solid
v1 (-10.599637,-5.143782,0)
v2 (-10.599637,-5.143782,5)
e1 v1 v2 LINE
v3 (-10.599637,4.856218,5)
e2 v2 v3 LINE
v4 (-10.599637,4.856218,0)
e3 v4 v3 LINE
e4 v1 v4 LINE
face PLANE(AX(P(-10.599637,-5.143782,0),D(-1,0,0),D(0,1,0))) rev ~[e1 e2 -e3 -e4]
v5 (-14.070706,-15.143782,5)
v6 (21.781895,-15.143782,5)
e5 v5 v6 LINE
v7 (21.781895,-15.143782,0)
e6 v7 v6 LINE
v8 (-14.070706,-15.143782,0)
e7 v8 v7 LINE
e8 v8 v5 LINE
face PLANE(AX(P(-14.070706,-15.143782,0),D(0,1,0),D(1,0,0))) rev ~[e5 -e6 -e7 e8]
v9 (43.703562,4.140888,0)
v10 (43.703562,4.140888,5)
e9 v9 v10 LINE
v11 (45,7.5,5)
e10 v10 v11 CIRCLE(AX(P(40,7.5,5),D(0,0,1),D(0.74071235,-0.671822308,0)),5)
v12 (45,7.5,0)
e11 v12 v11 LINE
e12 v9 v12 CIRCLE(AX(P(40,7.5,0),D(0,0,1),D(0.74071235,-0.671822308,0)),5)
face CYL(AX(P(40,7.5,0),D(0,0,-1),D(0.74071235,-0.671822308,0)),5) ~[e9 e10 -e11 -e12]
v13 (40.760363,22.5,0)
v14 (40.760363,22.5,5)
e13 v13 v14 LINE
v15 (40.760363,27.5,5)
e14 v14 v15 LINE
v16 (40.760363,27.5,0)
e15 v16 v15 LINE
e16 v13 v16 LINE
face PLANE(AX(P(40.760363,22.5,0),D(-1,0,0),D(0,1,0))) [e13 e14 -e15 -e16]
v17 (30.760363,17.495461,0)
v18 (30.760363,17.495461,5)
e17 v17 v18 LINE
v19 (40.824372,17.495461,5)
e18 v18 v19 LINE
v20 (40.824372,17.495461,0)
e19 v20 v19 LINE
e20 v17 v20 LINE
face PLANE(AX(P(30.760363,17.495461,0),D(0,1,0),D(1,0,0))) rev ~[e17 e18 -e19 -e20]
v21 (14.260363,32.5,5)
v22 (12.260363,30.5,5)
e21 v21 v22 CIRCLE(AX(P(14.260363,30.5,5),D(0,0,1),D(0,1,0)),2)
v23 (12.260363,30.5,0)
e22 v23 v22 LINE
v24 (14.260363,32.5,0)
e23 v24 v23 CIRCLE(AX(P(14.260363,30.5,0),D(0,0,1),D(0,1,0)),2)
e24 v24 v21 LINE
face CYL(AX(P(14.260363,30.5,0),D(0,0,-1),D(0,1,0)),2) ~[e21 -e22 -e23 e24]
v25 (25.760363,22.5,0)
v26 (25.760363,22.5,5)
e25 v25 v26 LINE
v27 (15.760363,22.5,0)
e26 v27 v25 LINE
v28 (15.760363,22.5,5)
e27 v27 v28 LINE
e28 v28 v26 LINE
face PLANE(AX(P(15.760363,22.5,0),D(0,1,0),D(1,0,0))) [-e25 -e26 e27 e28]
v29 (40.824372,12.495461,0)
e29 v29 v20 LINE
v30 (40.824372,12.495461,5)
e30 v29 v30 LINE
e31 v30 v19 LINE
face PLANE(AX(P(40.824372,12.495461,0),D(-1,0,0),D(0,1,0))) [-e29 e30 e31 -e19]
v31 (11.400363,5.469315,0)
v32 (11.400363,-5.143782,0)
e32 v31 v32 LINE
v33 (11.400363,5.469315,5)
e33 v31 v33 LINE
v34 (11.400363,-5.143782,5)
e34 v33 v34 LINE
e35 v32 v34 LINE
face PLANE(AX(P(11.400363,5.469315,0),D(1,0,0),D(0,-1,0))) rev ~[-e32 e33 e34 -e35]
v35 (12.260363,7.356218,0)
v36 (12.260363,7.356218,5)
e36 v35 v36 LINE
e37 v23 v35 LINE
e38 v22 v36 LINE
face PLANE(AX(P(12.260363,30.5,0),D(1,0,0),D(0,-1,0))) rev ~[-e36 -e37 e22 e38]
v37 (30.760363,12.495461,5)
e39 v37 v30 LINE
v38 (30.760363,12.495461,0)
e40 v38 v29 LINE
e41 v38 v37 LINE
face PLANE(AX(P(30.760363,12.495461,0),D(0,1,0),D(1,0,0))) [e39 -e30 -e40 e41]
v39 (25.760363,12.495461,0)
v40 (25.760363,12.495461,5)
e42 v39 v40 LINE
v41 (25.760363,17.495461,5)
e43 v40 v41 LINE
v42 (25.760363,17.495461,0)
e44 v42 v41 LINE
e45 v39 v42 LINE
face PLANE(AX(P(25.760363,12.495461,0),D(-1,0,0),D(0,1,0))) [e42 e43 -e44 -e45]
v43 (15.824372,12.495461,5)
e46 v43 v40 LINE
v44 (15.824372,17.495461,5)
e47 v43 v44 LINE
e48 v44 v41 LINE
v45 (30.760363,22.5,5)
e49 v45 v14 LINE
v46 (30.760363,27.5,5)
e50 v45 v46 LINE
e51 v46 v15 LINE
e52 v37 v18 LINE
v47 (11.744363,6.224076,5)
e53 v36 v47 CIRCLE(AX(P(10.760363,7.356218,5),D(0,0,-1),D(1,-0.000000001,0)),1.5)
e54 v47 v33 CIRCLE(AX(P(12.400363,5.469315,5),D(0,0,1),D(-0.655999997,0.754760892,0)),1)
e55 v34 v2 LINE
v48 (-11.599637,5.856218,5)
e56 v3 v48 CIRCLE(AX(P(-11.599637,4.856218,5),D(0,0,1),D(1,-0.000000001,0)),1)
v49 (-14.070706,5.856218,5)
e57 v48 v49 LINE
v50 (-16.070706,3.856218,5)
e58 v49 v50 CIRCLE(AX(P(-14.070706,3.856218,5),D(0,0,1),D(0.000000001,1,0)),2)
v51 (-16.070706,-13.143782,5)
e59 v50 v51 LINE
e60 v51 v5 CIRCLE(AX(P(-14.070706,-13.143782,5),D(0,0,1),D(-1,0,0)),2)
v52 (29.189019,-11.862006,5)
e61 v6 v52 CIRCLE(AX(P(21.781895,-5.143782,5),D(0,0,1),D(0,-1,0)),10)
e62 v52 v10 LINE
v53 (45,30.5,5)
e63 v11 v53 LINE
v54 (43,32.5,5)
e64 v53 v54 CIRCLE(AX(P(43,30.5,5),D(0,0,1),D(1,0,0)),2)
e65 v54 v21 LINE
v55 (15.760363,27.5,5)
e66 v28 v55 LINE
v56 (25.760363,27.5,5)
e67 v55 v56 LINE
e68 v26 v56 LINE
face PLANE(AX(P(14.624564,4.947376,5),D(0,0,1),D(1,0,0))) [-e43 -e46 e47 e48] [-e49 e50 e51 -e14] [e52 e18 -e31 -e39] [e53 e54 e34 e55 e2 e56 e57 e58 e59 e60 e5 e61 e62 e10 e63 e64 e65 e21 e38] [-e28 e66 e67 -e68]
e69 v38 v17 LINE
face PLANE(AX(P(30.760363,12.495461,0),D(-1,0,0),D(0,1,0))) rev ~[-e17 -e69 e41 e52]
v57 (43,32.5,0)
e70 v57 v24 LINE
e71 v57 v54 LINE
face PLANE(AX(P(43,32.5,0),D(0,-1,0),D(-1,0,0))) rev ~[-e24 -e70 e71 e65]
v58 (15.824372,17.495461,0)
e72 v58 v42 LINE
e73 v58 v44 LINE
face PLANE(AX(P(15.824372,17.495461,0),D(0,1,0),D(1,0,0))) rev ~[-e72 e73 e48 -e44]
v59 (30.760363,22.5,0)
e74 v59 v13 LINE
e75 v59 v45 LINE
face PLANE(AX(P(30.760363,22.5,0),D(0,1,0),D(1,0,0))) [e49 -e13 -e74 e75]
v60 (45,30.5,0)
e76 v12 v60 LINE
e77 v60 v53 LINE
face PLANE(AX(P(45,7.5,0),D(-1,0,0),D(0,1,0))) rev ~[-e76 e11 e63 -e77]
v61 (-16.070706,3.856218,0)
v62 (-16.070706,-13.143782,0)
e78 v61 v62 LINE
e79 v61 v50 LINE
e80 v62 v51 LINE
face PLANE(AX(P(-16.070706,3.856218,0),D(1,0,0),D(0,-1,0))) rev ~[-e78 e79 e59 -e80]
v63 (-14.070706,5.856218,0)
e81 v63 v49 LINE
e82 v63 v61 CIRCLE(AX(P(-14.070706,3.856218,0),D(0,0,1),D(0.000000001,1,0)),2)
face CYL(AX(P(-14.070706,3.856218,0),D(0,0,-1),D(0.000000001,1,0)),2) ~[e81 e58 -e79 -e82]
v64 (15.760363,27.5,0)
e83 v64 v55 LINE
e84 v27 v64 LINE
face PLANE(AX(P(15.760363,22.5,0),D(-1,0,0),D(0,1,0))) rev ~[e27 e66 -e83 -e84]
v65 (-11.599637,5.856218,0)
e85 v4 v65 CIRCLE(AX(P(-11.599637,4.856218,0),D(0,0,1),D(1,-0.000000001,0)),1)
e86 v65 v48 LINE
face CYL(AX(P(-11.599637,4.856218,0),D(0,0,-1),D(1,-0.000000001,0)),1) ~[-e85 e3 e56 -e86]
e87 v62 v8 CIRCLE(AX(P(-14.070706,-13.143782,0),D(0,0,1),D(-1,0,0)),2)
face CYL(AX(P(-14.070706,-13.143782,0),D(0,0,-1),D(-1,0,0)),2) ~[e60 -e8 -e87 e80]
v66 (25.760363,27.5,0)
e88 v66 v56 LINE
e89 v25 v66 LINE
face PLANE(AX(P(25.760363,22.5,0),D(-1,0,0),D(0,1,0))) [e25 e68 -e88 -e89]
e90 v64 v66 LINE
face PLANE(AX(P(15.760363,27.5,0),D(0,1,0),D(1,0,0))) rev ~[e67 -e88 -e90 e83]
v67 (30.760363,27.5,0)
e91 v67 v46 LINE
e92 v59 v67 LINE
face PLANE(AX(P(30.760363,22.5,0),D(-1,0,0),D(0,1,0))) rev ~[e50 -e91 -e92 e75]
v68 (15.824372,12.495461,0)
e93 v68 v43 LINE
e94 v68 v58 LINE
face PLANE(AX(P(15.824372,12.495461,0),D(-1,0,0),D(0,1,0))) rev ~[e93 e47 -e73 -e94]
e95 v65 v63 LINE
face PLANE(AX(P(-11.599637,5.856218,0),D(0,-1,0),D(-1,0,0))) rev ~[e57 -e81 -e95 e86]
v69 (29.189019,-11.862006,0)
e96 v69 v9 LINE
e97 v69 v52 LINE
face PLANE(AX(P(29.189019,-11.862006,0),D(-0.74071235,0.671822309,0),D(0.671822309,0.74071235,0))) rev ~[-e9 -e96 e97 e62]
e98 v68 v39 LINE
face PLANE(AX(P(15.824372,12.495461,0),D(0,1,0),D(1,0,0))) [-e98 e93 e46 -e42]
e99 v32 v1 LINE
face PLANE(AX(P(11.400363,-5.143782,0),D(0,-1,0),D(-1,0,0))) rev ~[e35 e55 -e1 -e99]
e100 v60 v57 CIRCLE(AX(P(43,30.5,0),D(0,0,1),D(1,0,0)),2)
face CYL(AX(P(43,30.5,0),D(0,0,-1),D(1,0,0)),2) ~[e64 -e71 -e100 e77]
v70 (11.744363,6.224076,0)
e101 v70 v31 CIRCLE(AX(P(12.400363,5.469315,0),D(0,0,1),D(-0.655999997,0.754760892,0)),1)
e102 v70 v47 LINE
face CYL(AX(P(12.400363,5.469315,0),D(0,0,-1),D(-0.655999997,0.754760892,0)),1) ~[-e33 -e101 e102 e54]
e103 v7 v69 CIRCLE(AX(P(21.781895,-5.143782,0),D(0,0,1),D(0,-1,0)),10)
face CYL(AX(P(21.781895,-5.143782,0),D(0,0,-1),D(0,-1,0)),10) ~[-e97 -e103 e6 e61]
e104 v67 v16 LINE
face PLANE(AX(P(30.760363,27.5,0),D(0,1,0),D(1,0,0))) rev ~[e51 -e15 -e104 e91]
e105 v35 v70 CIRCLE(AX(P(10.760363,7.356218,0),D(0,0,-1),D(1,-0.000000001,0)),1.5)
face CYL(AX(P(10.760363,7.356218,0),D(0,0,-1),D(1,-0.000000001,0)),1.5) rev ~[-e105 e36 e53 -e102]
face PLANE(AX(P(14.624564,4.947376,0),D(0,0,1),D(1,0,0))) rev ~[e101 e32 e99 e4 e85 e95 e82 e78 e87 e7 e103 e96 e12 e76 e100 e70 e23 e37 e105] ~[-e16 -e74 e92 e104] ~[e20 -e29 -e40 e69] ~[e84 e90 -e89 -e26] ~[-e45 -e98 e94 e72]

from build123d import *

# Parameters (mm, degrees)
SKETCH1_W           = 10
SKETCH1_H           = 5
SKETCH1_W_2         = 9.935990319
SKETCH1_W_3         = 10.064009681
BOSS_EXTRUDE1_DEPTH = 5


with BuildPart() as part:
    # Sketch1 → Boss-Extrude1 (new body)
    with BuildSketch(Plane.XY):
        with BuildLine():
            Line((44.999999787, 7.5), (44.999999787, 30.5))
            ThreePointArc((44.999999787, 30.5), (44.41421335, 31.914213562), (42.999999787, 32.5))
            Line((42.999999787, 32.5), (14.260362516, 32.5))
            ThreePointArc((14.260362516, 32.5), (12.846148953, 31.914213562), (12.260362516, 30.5))
            Line((12.260362516, 30.5), (12.260362516, 7.356217509))
            ThreePointArc((12.260362516, 7.356217509), (12.125280096, 6.734124269), (11.744362516, 6.224076175))
            ThreePointArc((11.744362516, 6.224076175), (11.490417462, 5.884044113), (11.400362516, 5.469315286))
            Line((11.400362516, 5.469315286), (11.400362516, -5.143782491))
            Line((11.400362516, -5.143782491), (-10.599637484, -5.143782491))
            Line((-10.599637484, -5.143782491), (-10.599637484, 4.856217509))
            ThreePointArc((-10.599637484, 4.856217509), (-10.892530703, 5.563324291), (-11.599637484, 5.856217509))
            Line((-11.599637484, 5.856217509), (-14.070705683, 5.856217509))
            ThreePointArc((-14.070705683, 5.856217509), (-15.484919246, 5.270431072), (-16.070705683, 3.856217509))
            Line((-16.070705683, 3.856217509), (-16.070705683, -13.143782491))
            ThreePointArc((-16.070705683, -13.143782491), (-15.484919246, -14.557996053), (-14.070705683, -15.143782491))
            Line((-14.070705683, -15.143782491), (21.781895091, -15.143782491))
            ThreePointArc((21.781895091, -15.143782491), (25.832683233, -14.286600187), (29.189018592, -11.862005577))
            Line((29.189018592, -11.862005577), (43.703561538, 4.140888457))
            ThreePointArc((43.703561538, 4.140888457), (44.664643865, 5.699695686), (44.999999787, 7.5))
        make_face()
        with Locations((20.760362516, 25)):
            Rectangle(SKETCH1_W, SKETCH1_H, mode=Mode.SUBTRACT)
        with Locations((20.792367357, 14.995460919)):
            Rectangle(SKETCH1_W_2, SKETCH1_H, mode=Mode.SUBTRACT)
        with Locations((35.760362516, 25)):
            Rectangle(SKETCH1_W, SKETCH1_H, mode=Mode.SUBTRACT)
        with Locations((35.792367357, 14.995460919)):
            Rectangle(SKETCH1_W_3, SKETCH1_H, mode=Mode.SUBTRACT)
    extrude(amount=BOSS_EXTRUDE1_DEPTH)


solid = part.part
